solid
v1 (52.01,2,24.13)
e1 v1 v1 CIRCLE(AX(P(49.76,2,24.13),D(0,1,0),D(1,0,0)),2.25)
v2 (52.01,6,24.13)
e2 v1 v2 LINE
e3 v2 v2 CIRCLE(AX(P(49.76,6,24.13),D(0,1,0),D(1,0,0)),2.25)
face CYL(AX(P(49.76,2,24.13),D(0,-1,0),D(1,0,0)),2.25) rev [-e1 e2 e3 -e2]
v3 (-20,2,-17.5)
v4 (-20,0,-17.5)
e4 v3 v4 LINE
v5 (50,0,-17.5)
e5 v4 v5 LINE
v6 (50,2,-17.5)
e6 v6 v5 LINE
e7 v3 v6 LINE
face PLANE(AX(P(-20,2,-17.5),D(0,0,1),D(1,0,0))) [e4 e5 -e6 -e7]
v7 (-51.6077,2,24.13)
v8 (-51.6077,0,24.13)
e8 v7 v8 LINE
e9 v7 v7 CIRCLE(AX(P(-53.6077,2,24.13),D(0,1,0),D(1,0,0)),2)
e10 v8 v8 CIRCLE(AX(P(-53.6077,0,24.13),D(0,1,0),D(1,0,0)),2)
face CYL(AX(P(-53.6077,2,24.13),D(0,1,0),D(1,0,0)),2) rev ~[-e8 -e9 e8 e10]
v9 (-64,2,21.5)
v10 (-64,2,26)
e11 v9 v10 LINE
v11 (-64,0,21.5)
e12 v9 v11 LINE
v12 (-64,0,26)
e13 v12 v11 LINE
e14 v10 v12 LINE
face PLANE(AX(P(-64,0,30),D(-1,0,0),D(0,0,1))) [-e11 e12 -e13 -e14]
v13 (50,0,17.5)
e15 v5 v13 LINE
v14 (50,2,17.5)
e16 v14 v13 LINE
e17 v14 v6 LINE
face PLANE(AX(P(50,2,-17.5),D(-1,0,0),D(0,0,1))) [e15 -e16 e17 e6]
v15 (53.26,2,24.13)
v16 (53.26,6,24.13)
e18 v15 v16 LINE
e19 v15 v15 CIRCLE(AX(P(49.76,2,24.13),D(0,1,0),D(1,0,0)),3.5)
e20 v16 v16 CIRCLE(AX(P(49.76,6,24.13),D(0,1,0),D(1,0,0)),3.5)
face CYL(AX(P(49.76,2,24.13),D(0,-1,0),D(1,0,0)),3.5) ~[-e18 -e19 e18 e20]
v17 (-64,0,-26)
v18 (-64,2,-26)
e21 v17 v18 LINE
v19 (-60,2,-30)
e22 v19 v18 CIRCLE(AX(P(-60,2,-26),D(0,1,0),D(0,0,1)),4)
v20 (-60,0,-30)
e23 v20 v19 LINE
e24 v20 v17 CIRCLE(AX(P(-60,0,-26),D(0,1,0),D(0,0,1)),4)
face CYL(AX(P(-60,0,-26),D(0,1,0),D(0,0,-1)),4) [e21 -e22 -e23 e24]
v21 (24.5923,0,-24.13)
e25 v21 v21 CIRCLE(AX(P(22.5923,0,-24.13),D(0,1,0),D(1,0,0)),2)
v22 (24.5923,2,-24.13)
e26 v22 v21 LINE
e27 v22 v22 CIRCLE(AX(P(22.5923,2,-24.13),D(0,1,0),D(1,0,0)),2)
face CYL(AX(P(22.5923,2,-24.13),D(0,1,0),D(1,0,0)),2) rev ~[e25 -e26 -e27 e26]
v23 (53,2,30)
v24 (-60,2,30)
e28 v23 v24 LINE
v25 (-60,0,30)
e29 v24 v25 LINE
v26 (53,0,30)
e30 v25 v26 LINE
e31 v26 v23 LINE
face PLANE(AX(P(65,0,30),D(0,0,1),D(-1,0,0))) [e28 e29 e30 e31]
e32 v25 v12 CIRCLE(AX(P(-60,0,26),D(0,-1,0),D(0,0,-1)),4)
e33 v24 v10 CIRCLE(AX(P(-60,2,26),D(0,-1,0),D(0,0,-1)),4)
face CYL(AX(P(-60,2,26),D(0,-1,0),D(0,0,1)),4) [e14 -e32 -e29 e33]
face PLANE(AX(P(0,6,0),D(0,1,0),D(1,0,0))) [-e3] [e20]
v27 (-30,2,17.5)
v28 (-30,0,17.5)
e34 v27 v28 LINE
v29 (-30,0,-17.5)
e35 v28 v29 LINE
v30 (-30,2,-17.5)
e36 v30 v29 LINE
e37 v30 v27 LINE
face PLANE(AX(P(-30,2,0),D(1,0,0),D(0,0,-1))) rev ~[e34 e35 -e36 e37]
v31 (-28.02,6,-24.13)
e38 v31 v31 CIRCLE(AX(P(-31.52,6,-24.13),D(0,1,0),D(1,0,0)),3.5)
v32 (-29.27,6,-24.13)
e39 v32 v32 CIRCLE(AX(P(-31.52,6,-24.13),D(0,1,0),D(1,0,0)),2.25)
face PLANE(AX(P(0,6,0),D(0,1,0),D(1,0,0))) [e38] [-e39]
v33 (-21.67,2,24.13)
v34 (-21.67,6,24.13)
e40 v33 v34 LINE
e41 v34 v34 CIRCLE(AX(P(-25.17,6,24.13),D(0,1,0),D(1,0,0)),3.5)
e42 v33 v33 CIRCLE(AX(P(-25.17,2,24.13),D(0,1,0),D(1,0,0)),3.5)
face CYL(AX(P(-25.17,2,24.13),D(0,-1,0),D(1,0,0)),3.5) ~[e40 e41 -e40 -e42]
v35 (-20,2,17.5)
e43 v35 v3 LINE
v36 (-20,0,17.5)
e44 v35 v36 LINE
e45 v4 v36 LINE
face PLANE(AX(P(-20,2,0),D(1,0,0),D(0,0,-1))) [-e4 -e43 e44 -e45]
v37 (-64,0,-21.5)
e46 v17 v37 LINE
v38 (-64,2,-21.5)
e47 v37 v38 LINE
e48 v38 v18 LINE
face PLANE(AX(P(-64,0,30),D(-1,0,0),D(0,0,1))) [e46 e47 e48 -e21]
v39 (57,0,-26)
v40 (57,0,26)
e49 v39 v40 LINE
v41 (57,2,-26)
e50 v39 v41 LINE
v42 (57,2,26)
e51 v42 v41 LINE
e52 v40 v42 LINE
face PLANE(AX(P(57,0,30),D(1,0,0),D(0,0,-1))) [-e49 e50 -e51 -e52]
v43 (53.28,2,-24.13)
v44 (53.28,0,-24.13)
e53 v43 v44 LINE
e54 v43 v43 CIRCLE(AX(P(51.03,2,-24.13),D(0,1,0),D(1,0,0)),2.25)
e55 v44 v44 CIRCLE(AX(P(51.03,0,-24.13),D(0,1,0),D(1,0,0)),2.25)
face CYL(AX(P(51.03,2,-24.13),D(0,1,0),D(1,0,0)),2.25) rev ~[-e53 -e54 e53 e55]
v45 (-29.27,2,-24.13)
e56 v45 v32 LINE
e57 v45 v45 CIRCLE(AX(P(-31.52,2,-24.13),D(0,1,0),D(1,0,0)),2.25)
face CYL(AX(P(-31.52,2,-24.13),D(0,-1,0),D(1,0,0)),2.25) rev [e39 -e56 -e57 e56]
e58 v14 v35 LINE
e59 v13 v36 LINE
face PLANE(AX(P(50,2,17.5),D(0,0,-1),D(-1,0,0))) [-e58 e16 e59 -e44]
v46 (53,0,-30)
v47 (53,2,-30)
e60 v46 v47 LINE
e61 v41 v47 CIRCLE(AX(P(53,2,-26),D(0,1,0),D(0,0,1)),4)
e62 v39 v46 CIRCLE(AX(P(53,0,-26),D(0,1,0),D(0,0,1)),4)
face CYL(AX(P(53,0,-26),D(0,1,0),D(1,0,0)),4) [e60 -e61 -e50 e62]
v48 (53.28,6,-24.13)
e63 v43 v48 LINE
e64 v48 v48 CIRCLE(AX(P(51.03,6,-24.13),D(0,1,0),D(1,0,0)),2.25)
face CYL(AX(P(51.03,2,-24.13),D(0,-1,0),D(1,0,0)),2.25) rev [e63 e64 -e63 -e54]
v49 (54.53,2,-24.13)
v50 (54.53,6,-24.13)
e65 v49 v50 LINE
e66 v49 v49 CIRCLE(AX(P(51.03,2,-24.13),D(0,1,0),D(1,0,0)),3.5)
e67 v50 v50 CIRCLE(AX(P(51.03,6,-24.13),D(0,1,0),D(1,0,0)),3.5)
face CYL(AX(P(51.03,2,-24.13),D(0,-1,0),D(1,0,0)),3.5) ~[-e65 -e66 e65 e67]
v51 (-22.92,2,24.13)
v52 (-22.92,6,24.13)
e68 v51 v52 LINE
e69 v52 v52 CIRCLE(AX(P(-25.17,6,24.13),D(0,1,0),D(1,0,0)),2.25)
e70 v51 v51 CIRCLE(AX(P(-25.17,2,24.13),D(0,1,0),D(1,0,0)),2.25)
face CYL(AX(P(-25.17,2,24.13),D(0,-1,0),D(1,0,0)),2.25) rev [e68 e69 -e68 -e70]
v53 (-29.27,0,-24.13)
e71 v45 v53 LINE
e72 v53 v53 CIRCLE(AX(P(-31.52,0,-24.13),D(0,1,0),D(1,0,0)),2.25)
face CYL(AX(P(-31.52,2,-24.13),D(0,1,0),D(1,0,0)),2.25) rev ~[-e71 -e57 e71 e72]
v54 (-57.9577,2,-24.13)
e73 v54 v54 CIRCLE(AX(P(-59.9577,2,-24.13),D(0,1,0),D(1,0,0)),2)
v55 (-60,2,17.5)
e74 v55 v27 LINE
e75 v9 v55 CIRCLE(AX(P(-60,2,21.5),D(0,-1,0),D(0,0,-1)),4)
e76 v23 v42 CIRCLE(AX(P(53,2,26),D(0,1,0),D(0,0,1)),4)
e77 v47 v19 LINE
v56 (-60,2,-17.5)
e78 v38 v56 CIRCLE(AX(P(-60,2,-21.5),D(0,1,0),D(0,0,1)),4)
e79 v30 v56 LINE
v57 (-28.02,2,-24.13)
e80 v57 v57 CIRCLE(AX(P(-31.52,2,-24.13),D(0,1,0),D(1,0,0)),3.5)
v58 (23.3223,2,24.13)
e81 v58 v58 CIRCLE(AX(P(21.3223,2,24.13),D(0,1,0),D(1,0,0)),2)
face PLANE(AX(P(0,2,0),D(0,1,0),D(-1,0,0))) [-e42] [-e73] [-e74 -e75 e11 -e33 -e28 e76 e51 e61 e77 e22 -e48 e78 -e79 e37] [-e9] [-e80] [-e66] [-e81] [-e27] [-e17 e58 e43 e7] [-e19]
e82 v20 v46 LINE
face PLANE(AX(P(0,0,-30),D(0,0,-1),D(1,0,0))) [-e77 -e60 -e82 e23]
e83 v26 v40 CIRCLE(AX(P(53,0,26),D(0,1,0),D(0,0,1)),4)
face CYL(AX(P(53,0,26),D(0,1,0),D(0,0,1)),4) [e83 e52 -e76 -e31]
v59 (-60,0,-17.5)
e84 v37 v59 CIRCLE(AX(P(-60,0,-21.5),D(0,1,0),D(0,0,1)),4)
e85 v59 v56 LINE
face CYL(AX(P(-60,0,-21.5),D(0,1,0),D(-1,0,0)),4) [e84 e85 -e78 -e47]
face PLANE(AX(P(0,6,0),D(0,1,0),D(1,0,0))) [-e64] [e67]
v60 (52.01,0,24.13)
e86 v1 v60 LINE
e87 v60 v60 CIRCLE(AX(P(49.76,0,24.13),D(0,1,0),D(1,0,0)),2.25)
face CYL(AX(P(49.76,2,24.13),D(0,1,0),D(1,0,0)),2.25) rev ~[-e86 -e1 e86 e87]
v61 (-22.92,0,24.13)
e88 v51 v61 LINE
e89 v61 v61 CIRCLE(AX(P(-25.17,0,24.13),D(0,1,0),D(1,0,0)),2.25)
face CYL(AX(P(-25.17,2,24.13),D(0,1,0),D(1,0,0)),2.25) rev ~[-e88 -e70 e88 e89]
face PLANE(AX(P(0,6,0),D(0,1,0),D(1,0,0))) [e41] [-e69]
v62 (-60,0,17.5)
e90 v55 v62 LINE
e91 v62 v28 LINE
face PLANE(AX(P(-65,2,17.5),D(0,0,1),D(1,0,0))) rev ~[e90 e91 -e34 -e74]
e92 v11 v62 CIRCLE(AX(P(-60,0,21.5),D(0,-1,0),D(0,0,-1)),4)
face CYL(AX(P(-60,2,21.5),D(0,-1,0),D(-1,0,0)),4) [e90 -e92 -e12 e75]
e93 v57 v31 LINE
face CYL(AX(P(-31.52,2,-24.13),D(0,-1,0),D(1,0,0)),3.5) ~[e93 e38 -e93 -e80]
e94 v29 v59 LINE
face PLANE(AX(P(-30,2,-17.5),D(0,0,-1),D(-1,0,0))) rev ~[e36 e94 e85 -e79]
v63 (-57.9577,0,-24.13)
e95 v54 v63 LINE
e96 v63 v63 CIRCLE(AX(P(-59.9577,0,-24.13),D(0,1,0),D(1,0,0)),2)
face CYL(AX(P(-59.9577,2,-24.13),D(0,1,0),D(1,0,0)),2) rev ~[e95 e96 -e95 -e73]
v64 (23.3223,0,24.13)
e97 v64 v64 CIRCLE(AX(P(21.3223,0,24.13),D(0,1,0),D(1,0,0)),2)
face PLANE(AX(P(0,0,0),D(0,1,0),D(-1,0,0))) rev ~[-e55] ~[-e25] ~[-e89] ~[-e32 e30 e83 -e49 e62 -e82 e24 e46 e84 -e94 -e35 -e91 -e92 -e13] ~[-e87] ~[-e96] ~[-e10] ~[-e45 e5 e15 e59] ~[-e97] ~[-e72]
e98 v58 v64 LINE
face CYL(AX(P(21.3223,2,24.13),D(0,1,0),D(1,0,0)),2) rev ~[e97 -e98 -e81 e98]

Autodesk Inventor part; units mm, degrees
ref_plane "YZ Plane" through (0, 0, 0) normal (1, 0, 0) x (0, 1, 0)
ref_plane "XZ Plane" through (0, 0, 0) normal (0, 1, 0) x (-1, 0, 0)
ref_plane "XY Plane" through (0, 0, 0) normal (0, 0, 1) x (1, 0, 0)
sketch "Skizze1" plane through (0, 0, 0) normal (0, 1, 0) x (-1, 0, 0)
  line L0 (-65, 30) -> (65, 30)
  line L1 (65, 30) -> (65, -30)
  line L2 (65, -30) -> (-65, -30)
  line L3 (-65, -30) -> (-65, 30)
  line L4 (0, -42) -> (0, 42) projected
  line L5 (-91, 0) -> (91, 0) projected
  point P0 (0, 0)
  dimension "d0" = 130
  dimension "d1" = 60
extrude "Extrusion1" add sketch "Skizze1" along normal blind 2
sketch "Skizze2" plane through (0, 2, 0) normal (0, 1, 0) x (1, 0, 0)
  line L0 (0, 42) -> (0, -42) projected
  line L1 (91, 0) -> (-91, 0) projected
  circle A0 centre (49.76, -24.13) radius 2.25
  line L2 (65, -30) -> (65, 30) projected
  circle A1 centre (51.03, 24.13) radius 2.25
  circle A2 centre (-31.52, 24.13) radius 2.25
  circle A3 centre (-25.17, -24.13) radius 2.25
  circle A4 centre (21.3223, -24.13) radius 2
  circle A5 centre (22.5923, 24.13) radius 2
  circle A6 centre (-59.9577, 24.13) radius 2
  circle A7 centre (-53.6077, -24.13) radius 2
  line L3 (-65, 30) -> (-65, -30) projected
  circle A8 centre (49.76, -24.13) radius 3.5
  circle A9 centre (-25.17, -24.13) radius 3.5
  circle A10 centre (51.03, 24.13) radius 3.5
  circle A11 centre (-31.52, 24.13) radius 3.5
  point P0 (0, 0)
  dimension "d4" = 4.5
  dimension "d5" = 24.13
  dimension "d6" = 15.24
  dimension "d7" = 4.5
  dimension "d8" = 24.13
  dimension "d9" = 13.97
  dimension "d10" = 4.5
  dimension "d11" = 24.13
  dimension "d12" = 82.55
  dimension "d13" = 4.5
  dimension "d14" = 24.13
  dimension "d15" = 74.93
  dimension "d16" = 4
  dimension "d17" = 4
  dimension "d18" = 4
  dimension "d19" = 82.55
  dimension "d20" = 4
  dimension "d21" = 74.93
  dimension "d22" = 24.13
  dimension "d23" = 24.13
  dimension "d24" = 11.3923
  dimension "d25" = 5.0423
  dimension "d26" = 24.13
  dimension "d27" = 24.13
  dimension "d41" = 7
  dimension "d42" = 7
  dimension "d43" = 7
  dimension "d44" = 7
extrude "Extrusion2" cut sketch "Skizze2" against normal up to surface (2 mm away) contours A0 | A1 | A2 | A3 | A4 | A5 | A6 | A7
sketch "Skizze3" plane through (0, 2, 0) normal (0, 1, 0) x (1, 0, 0)
  line L0 (-65, 30) -> (-65, -30) projected
  line L1 (-65, -17.5) -> (-30, -17.5)
  line L2 (-30, -17.5) -> (-30, 17.5)
  line L3 (-30, 17.5) -> (-65, 17.5)
  line L4 (-65, 17.5) -> (-65, -17.5)
  line L5 (91, 0) -> (-91, 0) projected
  line L6 (50, -17.5) -> (-20, -17.5)
  line L7 (-20, -17.5) -> (-20, 17.5)
  line L8 (-20, 17.5) -> (50, 17.5)
  line L9 (50, 17.5) -> (50, -17.5)
  line L10 (65, -30) -> (65, 30) projected
  point P0 (0, 0)
  dimension "d30" = 35
  dimension "d31" = 35
  dimension "d36" = 70
  dimension "d37" = 35
  dimension "d38" = 15
extrude "Extrusion3" cut sketch "Skizze3" against normal up to surface (2 mm away)
sketch "Skizze4" plane through (-65, 0, 30) normal (-1, 0, 0) x (0, 0, 1)
  line L0 (-12.5, 2) -> (-12.5, 0) projected
  line L1 (0, 0) -> (-12.5, 0)
  line L2 (-12.5, 0) -> (-12.5, 2)
  line L3 (-12.5, 2) -> (0, 2)
  line L4 (0, 2) -> (0, 0)
  line L5 (-60, 0) -> (-60, 2) projected
  line L6 (-47.5, 0) -> (-47.5, 2) projected
  line L7 (-60, 0) -> (-47.5, 0)
  line L8 (-47.5, 0) -> (-47.5, 2)
  line L9 (-47.5, 2) -> (-60, 2)
  line L10 (-60, 2) -> (-60, 0)
  point P0 (-30, 0)
extrude "Extrusion4" cut sketch "Skizze4" against normal blind 1
sketch "Skizze5" plane through (65, 0, 30) normal (1, 0, 0) x (0, 0, -1)
  line L0 (0, 0) -> (0, 2) projected
  line L1 (60, 0) -> (60, 2) projected
  line L2 (0, 2) -> (60, 2)
  line L3 (60, 2) -> (60, 0)
  line L4 (60, 0) -> (0, 0)
  line L5 (0, 0) -> (0, 2)
  point P0 (30, 0)
extrude "Extrusion5" cut sketch "Skizze5" against normal blind 8
extrude "Extrusion6" add sketch "Skizze2" along normal blind 4 contours A8 | A9 | A10 | A11
fillet "Rundung1" radius 4 4 edges at (-64, 1, -30) (-64, 1, -17.5) (-64, 1, 17.5) (-64, 1, 30)
fillet "Rundung2" radius 4 2 edges at (57, 1, 30) (57, 1, -30)
properties part number "_3D-Druck"
